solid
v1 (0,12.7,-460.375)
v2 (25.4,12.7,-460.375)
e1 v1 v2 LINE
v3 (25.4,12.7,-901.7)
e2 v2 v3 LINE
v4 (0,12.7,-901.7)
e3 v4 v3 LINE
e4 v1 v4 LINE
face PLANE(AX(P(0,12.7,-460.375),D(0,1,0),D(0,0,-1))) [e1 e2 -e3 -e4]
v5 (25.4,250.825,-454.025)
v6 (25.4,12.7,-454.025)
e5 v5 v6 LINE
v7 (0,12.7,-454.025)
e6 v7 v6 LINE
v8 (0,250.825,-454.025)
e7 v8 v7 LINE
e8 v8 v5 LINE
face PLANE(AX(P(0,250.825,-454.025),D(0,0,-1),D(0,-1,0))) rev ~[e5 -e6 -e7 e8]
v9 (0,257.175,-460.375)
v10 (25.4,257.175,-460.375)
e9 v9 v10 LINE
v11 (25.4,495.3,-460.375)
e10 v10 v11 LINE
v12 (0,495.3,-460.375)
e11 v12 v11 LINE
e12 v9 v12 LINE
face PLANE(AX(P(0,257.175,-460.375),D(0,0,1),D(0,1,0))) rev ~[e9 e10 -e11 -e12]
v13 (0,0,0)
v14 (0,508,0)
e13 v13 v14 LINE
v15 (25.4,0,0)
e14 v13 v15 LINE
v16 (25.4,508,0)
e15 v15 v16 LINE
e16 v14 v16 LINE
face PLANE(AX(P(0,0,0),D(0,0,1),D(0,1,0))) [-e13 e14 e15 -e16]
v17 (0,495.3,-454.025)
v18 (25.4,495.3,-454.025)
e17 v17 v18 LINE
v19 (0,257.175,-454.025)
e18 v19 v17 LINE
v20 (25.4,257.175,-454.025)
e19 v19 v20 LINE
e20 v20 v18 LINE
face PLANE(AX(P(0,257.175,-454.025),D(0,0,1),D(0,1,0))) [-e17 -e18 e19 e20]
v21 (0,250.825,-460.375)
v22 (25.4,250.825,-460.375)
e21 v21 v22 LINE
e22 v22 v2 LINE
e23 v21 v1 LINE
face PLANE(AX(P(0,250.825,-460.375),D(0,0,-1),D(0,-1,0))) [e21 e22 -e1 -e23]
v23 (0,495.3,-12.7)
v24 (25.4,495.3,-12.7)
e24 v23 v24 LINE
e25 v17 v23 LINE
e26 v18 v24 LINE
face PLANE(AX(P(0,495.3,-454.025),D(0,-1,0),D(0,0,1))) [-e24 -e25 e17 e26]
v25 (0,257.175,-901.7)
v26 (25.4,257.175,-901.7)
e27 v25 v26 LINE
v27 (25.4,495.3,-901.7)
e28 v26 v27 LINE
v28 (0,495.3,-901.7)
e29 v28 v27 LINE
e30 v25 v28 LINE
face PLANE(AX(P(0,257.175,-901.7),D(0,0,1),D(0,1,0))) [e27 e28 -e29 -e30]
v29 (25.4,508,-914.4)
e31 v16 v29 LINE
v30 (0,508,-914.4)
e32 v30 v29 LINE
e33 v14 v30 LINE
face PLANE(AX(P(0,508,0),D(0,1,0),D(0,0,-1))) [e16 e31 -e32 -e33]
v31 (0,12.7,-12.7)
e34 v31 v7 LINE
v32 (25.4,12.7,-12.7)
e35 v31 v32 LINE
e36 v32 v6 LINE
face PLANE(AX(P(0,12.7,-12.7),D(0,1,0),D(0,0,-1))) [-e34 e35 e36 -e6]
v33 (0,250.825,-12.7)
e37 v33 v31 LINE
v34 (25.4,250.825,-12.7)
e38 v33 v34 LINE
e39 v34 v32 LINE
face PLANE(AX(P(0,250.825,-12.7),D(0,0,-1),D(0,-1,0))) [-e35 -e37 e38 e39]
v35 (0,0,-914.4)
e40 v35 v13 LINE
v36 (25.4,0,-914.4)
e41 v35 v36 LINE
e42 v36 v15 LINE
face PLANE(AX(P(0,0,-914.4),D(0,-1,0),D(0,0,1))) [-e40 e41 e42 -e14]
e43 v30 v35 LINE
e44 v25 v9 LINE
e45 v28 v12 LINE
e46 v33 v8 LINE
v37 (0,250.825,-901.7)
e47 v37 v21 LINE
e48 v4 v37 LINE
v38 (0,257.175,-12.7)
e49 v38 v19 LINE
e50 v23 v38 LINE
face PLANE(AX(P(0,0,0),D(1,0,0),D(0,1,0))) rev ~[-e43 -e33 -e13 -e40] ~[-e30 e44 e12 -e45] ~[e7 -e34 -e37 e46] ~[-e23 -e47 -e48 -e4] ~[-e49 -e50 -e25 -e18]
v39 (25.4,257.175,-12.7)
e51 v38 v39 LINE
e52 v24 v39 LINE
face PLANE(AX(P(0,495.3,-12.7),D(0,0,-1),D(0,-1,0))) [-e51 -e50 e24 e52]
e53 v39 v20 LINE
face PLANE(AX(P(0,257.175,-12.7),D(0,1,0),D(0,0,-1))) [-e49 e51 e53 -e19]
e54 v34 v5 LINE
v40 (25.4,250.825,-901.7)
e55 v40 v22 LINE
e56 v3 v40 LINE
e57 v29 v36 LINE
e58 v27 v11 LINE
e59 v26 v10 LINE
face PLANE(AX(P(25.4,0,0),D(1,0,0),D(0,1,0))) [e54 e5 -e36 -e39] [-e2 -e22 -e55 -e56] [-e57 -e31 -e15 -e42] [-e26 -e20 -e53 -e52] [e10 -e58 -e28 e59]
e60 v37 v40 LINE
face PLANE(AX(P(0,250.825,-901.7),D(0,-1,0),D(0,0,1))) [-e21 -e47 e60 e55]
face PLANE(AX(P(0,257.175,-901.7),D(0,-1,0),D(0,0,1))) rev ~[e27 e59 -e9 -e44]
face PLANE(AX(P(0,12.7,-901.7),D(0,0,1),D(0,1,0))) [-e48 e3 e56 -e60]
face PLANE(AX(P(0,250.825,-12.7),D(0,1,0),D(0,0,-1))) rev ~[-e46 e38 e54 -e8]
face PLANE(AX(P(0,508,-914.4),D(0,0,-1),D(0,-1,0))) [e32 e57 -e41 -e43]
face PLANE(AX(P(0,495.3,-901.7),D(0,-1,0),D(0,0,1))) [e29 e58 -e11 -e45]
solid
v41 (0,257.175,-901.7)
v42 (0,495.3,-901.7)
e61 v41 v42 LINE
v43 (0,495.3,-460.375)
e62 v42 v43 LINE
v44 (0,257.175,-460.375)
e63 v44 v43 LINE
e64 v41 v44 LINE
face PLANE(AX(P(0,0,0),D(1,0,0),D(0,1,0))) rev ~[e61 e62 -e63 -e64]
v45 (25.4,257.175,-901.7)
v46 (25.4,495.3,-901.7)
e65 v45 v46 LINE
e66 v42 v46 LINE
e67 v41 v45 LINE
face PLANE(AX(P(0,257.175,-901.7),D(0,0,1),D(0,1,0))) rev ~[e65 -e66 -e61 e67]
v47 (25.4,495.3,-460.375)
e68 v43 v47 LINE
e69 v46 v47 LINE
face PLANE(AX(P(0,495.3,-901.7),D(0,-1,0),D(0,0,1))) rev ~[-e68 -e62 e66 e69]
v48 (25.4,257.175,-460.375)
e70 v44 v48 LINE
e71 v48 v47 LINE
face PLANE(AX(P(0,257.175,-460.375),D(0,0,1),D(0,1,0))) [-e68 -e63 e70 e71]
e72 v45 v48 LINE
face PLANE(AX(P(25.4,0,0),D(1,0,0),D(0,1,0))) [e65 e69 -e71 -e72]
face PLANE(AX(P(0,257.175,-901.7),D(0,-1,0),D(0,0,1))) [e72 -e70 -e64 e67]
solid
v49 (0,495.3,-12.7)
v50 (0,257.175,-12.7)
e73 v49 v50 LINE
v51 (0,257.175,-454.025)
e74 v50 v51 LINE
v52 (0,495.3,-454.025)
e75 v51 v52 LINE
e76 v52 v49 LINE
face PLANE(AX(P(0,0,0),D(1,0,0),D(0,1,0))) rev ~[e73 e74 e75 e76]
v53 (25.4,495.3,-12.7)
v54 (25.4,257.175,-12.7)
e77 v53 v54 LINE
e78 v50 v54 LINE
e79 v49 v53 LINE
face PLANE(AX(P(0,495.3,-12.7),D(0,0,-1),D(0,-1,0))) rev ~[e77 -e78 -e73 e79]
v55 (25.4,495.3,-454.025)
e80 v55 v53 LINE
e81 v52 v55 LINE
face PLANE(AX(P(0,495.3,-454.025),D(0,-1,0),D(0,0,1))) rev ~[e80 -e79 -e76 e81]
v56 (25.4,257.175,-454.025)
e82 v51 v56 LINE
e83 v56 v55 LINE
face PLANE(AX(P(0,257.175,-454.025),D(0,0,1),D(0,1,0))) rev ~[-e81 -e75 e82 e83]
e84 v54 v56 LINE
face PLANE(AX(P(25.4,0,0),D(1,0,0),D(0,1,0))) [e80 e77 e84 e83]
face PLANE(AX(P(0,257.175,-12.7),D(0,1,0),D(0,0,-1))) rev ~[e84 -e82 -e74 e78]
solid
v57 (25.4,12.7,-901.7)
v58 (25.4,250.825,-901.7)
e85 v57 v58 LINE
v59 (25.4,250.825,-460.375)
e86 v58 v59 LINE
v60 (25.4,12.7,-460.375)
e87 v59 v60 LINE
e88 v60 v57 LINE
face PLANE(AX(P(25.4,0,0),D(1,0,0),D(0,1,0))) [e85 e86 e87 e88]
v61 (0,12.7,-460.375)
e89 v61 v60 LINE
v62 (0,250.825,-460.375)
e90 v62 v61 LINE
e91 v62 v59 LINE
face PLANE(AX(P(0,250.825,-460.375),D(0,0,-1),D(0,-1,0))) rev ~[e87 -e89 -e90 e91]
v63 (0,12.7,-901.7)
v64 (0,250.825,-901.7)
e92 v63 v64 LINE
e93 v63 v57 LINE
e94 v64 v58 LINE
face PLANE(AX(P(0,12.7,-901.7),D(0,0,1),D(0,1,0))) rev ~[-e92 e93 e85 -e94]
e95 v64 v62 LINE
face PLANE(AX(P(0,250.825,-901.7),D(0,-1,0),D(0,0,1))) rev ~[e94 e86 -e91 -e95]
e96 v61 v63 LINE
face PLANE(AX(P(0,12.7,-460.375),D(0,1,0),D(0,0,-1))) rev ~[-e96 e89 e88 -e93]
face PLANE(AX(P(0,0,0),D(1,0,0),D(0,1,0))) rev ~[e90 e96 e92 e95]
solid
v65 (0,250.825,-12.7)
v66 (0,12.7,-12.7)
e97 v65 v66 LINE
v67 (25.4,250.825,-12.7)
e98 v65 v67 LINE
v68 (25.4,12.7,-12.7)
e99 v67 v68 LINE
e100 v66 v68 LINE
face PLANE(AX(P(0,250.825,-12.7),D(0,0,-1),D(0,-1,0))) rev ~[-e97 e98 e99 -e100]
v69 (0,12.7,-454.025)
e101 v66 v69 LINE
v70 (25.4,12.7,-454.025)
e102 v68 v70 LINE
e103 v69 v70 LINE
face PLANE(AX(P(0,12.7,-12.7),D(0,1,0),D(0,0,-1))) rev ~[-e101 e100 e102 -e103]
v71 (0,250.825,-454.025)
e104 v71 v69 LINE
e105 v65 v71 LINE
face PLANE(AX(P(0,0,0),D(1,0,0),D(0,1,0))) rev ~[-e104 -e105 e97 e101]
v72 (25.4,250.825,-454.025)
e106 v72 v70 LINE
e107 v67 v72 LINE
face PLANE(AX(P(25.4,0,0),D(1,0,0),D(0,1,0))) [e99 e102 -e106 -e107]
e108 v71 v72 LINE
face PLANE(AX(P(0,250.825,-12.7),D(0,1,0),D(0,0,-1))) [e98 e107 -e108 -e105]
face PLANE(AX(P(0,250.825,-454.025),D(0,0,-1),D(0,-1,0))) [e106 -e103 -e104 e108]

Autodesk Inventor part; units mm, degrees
ref_plane "YZ Plane" through (0, 0, 0) normal (1, 0, 0) x (0, 1, 0)
ref_plane "XZ Plane" through (0, 0, 0) normal (0, 1, 0) x (-1, 0, 0)
ref_plane "XY Plane" through (0, 0, 0) normal (0, 0, 1) x (1, 0, 0)
sketch "Sketch1" plane through (0, 0, 0) normal (1, 0, 0) x (0, 1, 0)
  line L0 (0, 0) -> (508, 0)
  line L1 (508, 0) -> (508, -914.4)
  line L2 (508, -914.4) -> (0, -914.4)
  line L3 (0, -914.4) -> (0, 0)
  line L4 (495.3, -901.7) -> (495.3, -12.7)
  line L5 (495.3, -12.7) -> (12.7, -12.7)
  line L6 (12.7, -12.7) -> (12.7, -901.7)
  line L7 (12.7, -901.7) -> (495.3, -901.7)
  line L8 (495.3, -12.7) -> (257.175, -12.7)
  line L9 (257.175, -12.7) -> (257.175, -454.025)
  line L10 (257.175, -454.025) -> (495.3, -454.025)
  line L11 (495.3, -454.025) -> (495.3, -12.7)
  line L12 (495.3, -901.7) -> (257.175, -901.7)
  line L13 (257.175, -901.7) -> (257.175, -460.375)
  line L14 (257.175, -460.375) -> (495.3, -460.375)
  line L15 (495.3, -460.375) -> (495.3, -901.7)
  line L16 (12.7, -901.7) -> (250.825, -901.7)
  line L17 (250.825, -901.7) -> (250.825, -460.375)
  line L18 (250.825, -460.375) -> (12.7, -460.375)
  line L19 (12.7, -460.375) -> (12.7, -901.7)
  line L20 (12.7, -12.7) -> (250.825, -12.7)
  line L21 (250.825, -12.7) -> (250.825, -454.025)
  line L22 (250.825, -454.025) -> (12.7, -454.025)
  line L23 (12.7, -454.025) -> (12.7, -12.7)
  dimension "d0" = 914.4
  dimension "d1" = 508
  dimension "d3" = 12.7
  dimension "d4" = 6.35
  dimension "d5" = 6.35
extrude "Extrusion1" add sketch "Sketch1" along normal blind 25.4 contours L7 L13 L14 L4 | L10 L9 L5 L4 | L7 L6 L18 L17 | L21 L22 L6 L5
extrude "Extrusion2" add sketch "Sketch1" along normal blind 25.4 separate body contours L0 L1 L2 L3 | L14 L13 L7 L17 L18 L6 L22 L21 L5 L9 L10 L4
equation "\"d5\" = d4"
properties part number "Window"
